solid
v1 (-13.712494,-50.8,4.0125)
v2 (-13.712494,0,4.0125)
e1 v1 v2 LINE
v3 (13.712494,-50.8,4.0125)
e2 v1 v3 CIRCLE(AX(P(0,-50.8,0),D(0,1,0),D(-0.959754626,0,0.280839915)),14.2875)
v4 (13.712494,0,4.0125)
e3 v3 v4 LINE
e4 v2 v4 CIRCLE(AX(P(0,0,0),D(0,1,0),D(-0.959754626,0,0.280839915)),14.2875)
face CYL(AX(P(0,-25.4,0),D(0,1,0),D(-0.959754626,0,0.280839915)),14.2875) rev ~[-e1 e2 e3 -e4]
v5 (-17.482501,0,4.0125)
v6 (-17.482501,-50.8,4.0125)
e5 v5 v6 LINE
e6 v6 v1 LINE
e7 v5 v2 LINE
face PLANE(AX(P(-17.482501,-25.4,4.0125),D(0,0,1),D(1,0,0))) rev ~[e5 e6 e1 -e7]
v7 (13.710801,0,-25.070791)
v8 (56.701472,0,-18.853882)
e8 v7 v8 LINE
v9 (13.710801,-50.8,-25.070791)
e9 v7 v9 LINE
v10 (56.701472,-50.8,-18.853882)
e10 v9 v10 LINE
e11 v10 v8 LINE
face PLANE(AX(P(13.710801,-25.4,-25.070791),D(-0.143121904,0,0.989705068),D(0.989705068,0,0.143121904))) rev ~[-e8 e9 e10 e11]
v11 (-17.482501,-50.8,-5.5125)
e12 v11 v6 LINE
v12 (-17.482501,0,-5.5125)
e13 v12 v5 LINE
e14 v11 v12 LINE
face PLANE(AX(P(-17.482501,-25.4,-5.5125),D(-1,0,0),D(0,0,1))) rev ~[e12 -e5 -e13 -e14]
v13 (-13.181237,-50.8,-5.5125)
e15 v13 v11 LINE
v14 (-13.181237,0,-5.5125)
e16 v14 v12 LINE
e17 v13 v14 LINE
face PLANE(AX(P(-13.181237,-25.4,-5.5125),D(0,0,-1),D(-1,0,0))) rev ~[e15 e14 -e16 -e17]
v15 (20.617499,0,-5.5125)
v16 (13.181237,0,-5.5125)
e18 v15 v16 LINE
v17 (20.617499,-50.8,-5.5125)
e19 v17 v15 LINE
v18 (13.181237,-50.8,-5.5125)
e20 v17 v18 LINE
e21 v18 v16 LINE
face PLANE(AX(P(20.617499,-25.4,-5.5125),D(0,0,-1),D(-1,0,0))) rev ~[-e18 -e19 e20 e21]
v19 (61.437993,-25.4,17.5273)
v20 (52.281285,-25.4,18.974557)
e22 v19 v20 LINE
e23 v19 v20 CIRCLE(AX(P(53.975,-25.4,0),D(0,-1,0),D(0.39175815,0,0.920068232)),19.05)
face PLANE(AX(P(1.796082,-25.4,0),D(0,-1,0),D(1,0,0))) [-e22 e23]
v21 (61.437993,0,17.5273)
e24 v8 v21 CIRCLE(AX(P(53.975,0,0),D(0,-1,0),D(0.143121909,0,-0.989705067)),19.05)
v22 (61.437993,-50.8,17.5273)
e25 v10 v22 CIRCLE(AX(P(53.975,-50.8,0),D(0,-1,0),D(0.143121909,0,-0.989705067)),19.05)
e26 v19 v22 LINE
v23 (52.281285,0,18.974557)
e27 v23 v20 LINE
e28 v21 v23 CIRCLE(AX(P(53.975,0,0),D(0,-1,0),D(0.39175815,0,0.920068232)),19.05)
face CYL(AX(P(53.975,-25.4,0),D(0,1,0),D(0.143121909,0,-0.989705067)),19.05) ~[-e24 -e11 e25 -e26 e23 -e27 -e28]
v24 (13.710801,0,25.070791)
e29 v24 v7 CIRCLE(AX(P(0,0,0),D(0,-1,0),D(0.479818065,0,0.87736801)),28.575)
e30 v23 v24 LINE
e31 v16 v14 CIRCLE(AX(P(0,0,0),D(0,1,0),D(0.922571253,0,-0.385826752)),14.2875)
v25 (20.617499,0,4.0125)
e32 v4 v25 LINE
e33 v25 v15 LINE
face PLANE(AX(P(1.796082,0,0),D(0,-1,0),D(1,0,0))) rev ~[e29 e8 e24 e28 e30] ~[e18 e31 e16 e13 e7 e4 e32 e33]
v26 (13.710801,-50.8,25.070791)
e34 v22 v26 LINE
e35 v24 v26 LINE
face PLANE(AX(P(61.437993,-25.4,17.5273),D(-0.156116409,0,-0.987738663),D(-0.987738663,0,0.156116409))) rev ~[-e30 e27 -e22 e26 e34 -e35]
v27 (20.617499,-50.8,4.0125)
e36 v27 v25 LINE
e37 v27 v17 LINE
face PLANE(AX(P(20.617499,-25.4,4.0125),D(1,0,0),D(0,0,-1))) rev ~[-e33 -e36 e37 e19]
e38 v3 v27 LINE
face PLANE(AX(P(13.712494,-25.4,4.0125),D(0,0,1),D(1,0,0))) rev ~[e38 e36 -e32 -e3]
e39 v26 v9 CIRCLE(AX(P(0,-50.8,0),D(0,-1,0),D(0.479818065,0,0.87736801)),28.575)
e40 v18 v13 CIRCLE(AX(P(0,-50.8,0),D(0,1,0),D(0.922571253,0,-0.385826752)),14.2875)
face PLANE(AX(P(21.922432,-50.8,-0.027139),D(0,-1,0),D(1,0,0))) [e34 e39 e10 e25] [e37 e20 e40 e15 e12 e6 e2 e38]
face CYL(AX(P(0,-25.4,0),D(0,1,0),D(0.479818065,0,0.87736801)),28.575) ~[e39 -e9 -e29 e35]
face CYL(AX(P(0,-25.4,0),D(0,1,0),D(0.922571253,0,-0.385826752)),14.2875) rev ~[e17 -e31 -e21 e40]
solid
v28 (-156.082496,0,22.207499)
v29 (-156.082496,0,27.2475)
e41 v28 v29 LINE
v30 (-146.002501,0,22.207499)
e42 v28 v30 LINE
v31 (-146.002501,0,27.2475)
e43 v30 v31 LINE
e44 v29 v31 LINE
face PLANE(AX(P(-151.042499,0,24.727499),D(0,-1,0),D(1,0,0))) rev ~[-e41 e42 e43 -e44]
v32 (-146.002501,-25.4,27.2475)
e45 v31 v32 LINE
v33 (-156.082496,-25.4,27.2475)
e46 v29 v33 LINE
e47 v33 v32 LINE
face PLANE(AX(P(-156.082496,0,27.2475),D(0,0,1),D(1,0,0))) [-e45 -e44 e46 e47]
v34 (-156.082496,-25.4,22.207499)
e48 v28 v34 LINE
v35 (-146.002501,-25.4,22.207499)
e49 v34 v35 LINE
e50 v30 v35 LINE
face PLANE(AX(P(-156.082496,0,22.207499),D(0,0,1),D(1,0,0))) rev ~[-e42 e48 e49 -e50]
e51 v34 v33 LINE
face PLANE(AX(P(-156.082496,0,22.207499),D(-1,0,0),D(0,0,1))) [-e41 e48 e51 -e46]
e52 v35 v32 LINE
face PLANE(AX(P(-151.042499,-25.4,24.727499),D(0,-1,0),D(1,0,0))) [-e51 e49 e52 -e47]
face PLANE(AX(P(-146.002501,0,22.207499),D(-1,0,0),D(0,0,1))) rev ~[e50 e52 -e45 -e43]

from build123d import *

# Parameters (mm, degrees)
F0_R     = 14.2875
F1_DEPTH = 25.4
F2_DEPTH = 25.4
F3_DEPTH = 25.4
F5_DEPTH = 25.4
F0_W     = 10.0799947977
F0_H     = 5.0400011241


with BuildPart() as f1:
    # F0 (on Front) → F1 (new body)
    with BuildSketch(Plane.XZ):
        with BuildLine():
            ThreePointArc((13.7108012033, -25.0707908803), (24.5796335345, -14.572996957), (28.575, 0))
            ThreePointArc((28.575, 0), (24.5796335345, 14.572996957), (13.7108012033, 25.0707908803))
            ThreePointArc((13.7108012033, 25.0707908803), (-28.575, 0), (13.7108012033, -25.0707908803))
        make_face()
        with BuildLine():
            ThreePointArc((-13.7124942196, 4.0125002839), (0, 14.2875), (13.7124942196, 4.0125002839))
            Line((13.7124942196, 4.0125002839), (20.6174994767, 4.0125002839))
            Line((20.6174994767, 4.0125002839), (20.6174994767, -5.5124997161))
            Line((20.6174994767, -5.5124997161), (13.181236783, -5.5124997161))
            ThreePointArc((13.181236783, -5.5124997161), (0, -14.2875), (-13.181236783, -5.5124997161))
            Line((-13.181236783, -5.5124997161), (-17.4825005233, -5.5124997161))
            Line((-17.4825005233, -5.5124997161), (-17.4825005233, 4.0125002839))
            Line((-17.4825005233, 4.0125002839), (-13.7124942196, 4.0125002839))
        make_face(mode=Mode.SUBTRACT)
        with BuildLine():
            Line((61.4379927645, 17.5272998205), (52.2812851863, 18.9745574423))
            ThreePointArc((52.2812851863, 18.9745574423), (35.0537329802, -2.2109170872), (56.7014723756, -18.8538815204))
            ThreePointArc((56.7014723756, -18.8538815204), (68.3771144065, -12.4692261437), (73.025, 0))
            ThreePointArc((73.025, 0), (69.8663893691, 10.5055339664), (61.4379927645, 17.5272998205))
        make_face()
        with Locations((53.975, 0)):
            Circle(F0_R, mode=Mode.SUBTRACT)
        with BuildLine():
            ThreePointArc((13.7108012033, 25.0707908803), (24.5796335345, 14.572996957), (28.575, 0))
            ThreePointArc((28.575, 0), (24.5796335345, -14.572996957), (13.7108012033, -25.0707908803))
            Line((13.7108012033, -25.0707908803), (56.7014723756, -18.8538815204))
            ThreePointArc((56.7014723756, -18.8538815204), (35.0537329802, -2.2109170872), (52.2812851863, 18.9745574423))
            Line((52.2812851863, 18.9745574423), (13.7108012033, 25.0707908803))
        make_face()
        with Locations((53.975, 0)):
            Circle(F0_R)
    extrude(amount=F1_DEPTH)

    # F0 (on Front) → F2 (join)
    with BuildSketch(Plane.XZ):
        with BuildLine():
            ThreePointArc((13.7108012033, -25.0707908803), (24.5796335345, -14.572996957), (28.575, 0))
            ThreePointArc((28.575, 0), (24.5796335345, 14.572996957), (13.7108012033, 25.0707908803))
            ThreePointArc((13.7108012033, 25.0707908803), (-28.575, 0), (13.7108012033, -25.0707908803))
        make_face()
        with BuildLine():
            ThreePointArc((-13.7124942196, 4.0125002839), (0, 14.2875), (13.7124942196, 4.0125002839))
            Line((13.7124942196, 4.0125002839), (20.6174994767, 4.0125002839))
            Line((20.6174994767, 4.0125002839), (20.6174994767, -5.5124997161))
            Line((20.6174994767, -5.5124997161), (13.181236783, -5.5124997161))
            ThreePointArc((13.181236783, -5.5124997161), (0, -14.2875), (-13.181236783, -5.5124997161))
            Line((-13.181236783, -5.5124997161), (-17.4825005233, -5.5124997161))
            Line((-17.4825005233, -5.5124997161), (-17.4825005233, 4.0125002839))
            Line((-17.4825005233, 4.0125002839), (-13.7124942196, 4.0125002839))
        make_face(mode=Mode.SUBTRACT)
    extrude(amount=F2_DEPTH)

    # F0 (on Front) → F3 (join)
    with BuildSketch(Plane.XZ):
        with BuildLine():
            ThreePointArc((13.7108012033, 25.0707908803), (24.5796335345, 14.572996957), (28.575, 0))
            ThreePointArc((28.575, 0), (24.5796335345, -14.572996957), (13.7108012033, -25.0707908803))
            Line((13.7108012033, -25.0707908803), (56.7014723756, -18.8538815204))
            ThreePointArc((56.7014723756, -18.8538815204), (35.0537329802, -2.2109170872), (52.2812851863, 18.9745574423))
            Line((52.2812851863, 18.9745574423), (13.7108012033, 25.0707908803))
        make_face()
        with BuildLine():
            ThreePointArc((13.7108012033, -25.0707908803), (24.5796335345, -14.572996957), (28.575, 0))
            ThreePointArc((28.575, 0), (24.5796335345, 14.572996957), (13.7108012033, 25.0707908803))
            ThreePointArc((13.7108012033, 25.0707908803), (-28.575, 0), (13.7108012033, -25.0707908803))
        make_face()
        with BuildLine():
            ThreePointArc((-13.7124942196, 4.0125002839), (0, 14.2875), (13.7124942196, 4.0125002839))
            Line((13.7124942196, 4.0125002839), (20.6174994767, 4.0125002839))
            Line((20.6174994767, 4.0125002839), (20.6174994767, -5.5124997161))
            Line((20.6174994767, -5.5124997161), (13.181236783, -5.5124997161))
            ThreePointArc((13.181236783, -5.5124997161), (0, -14.2875), (-13.181236783, -5.5124997161))
            Line((-13.181236783, -5.5124997161), (-17.4825005233, -5.5124997161))
            Line((-17.4825005233, -5.5124997161), (-17.4825005233, 4.0125002839))
            Line((-17.4825005233, 4.0125002839), (-13.7124942196, 4.0125002839))
        make_face(mode=Mode.SUBTRACT)
        with BuildLine():
            Line((61.4379927645, 17.5272998205), (52.2812851863, 18.9745574423))
            ThreePointArc((52.2812851863, 18.9745574423), (35.0537329802, -2.2109170872), (56.7014723756, -18.8538815204))
            ThreePointArc((56.7014723756, -18.8538815204), (68.3771144065, -12.4692261437), (73.025, 0))
            ThreePointArc((73.025, 0), (69.8663893691, 10.5055339664), (61.4379927645, 17.5272998205))
        make_face()
        with Locations((53.975, 0)):
            Circle(F0_R, mode=Mode.SUBTRACT)
    extrude(amount=F3_DEPTH)

    # F4 (on face) + F0 (on Front) → F5 (join)
    with BuildSketch(Plane.XZ.offset(25.4)):
        with BuildLine():
            Line((61.4379927645, 17.5272998205), (13.7108012033, 25.0707908803))
            ThreePointArc((13.7108012033, 25.0707908803), (-28.575, 0), (13.7108012033, -25.0707908803))
            Line((13.7108012033, -25.0707908803), (56.7014723756, -18.8538815204))
            ThreePointArc((56.7014723756, -18.8538815204), (72.8655767223, -2.459392425), (61.4379927645, 17.5272998205))
        make_face()
        with BuildLine():
            Line((-17.4825005233, 4.0125002839), (-13.7124942196, 4.0125002839))
            ThreePointArc((-13.7124942196, 4.0125002839), (0, 14.2875), (13.7124942196, 4.0125002839))
            Line((13.7124942196, 4.0125002839), (20.6174994767, 4.0125002839))
            Line((20.6174994767, 4.0125002839), (20.6174994767, -5.5124997161))
            Line((20.6174994767, -5.5124997161), (13.181236783, -5.5124997161))
            ThreePointArc((13.181236783, -5.5124997161), (0, -14.2875), (-13.181236783, -5.5124997161))
            Line((-13.181236783, -5.5124997161), (-17.4825005233, -5.5124997161))
            Line((-17.4825005233, -5.5124997161), (-17.4825005233, 4.0125002839))
        make_face(mode=Mode.SUBTRACT)
    with BuildSketch(Plane.XZ):
        with BuildLine():
            ThreePointArc((13.7108012033, -25.0707908803), (24.5796335345, -14.572996957), (28.575, 0))
            ThreePointArc((28.575, 0), (24.5796335345, 14.572996957), (13.7108012033, 25.0707908803))
            ThreePointArc((13.7108012033, 25.0707908803), (-28.575, 0), (13.7108012033, -25.0707908803))
        make_face()
        with BuildLine():
            ThreePointArc((-13.7124942196, 4.0125002839), (0, 14.2875), (13.7124942196, 4.0125002839))
            Line((13.7124942196, 4.0125002839), (20.6174994767, 4.0125002839))
            Line((20.6174994767, 4.0125002839), (20.6174994767, -5.5124997161))
            Line((20.6174994767, -5.5124997161), (13.181236783, -5.5124997161))
            ThreePointArc((13.181236783, -5.5124997161), (0, -14.2875), (-13.181236783, -5.5124997161))
            Line((-13.181236783, -5.5124997161), (-17.4825005233, -5.5124997161))
            Line((-17.4825005233, -5.5124997161), (-17.4825005233, 4.0125002839))
            Line((-17.4825005233, 4.0125002839), (-13.7124942196, 4.0125002839))
        make_face(mode=Mode.SUBTRACT)
        with BuildLine():
            ThreePointArc((13.7108012033, 25.0707908803), (24.5796335345, 14.572996957), (28.575, 0))
            ThreePointArc((28.575, 0), (24.5796335345, -14.572996957), (13.7108012033, -25.0707908803))
            Line((13.7108012033, -25.0707908803), (56.7014723756, -18.8538815204))
            ThreePointArc((56.7014723756, -18.8538815204), (35.0537329802, -2.2109170872), (52.2812851863, 18.9745574423))
            Line((52.2812851863, 18.9745574423), (13.7108012033, 25.0707908803))
        make_face()
        with BuildLine():
            Line((61.4379927645, 17.5272998205), (52.2812851863, 18.9745574423))
            ThreePointArc((52.2812851863, 18.9745574423), (35.0537329802, -2.2109170872), (56.7014723756, -18.8538815204))
            ThreePointArc((56.7014723756, -18.8538815204), (68.3771144065, -12.4692261437), (73.025, 0))
            ThreePointArc((73.025, 0), (69.8663893691, 10.5055339664), (61.4379927645, 17.5272998205))
        make_face()
        with Locations((53.975, 0)):
            Circle(F0_R, mode=Mode.SUBTRACT)
        with BuildLine():
            ThreePointArc((61.4379927645, 17.5272998205), (56.9490175982, 18.8164215335), (52.2812851863, 18.9745574423))
            Line((52.2812851863, 18.9745574423), (61.4379927645, 17.5272998205))
        make_face()
    extrude(amount=F5_DEPTH)


with BuildPart() as f5:
    # F0 (on Front) → F5, piece 2 (new body)
    with BuildSketch(Plane.XZ):
        with Locations((-151.0424986482, 24.7274991125)):
            Rectangle(F0_W, F0_H)
    extrude(amount=F5_DEPTH)


solid = Compound([f1.part, f5.part])
